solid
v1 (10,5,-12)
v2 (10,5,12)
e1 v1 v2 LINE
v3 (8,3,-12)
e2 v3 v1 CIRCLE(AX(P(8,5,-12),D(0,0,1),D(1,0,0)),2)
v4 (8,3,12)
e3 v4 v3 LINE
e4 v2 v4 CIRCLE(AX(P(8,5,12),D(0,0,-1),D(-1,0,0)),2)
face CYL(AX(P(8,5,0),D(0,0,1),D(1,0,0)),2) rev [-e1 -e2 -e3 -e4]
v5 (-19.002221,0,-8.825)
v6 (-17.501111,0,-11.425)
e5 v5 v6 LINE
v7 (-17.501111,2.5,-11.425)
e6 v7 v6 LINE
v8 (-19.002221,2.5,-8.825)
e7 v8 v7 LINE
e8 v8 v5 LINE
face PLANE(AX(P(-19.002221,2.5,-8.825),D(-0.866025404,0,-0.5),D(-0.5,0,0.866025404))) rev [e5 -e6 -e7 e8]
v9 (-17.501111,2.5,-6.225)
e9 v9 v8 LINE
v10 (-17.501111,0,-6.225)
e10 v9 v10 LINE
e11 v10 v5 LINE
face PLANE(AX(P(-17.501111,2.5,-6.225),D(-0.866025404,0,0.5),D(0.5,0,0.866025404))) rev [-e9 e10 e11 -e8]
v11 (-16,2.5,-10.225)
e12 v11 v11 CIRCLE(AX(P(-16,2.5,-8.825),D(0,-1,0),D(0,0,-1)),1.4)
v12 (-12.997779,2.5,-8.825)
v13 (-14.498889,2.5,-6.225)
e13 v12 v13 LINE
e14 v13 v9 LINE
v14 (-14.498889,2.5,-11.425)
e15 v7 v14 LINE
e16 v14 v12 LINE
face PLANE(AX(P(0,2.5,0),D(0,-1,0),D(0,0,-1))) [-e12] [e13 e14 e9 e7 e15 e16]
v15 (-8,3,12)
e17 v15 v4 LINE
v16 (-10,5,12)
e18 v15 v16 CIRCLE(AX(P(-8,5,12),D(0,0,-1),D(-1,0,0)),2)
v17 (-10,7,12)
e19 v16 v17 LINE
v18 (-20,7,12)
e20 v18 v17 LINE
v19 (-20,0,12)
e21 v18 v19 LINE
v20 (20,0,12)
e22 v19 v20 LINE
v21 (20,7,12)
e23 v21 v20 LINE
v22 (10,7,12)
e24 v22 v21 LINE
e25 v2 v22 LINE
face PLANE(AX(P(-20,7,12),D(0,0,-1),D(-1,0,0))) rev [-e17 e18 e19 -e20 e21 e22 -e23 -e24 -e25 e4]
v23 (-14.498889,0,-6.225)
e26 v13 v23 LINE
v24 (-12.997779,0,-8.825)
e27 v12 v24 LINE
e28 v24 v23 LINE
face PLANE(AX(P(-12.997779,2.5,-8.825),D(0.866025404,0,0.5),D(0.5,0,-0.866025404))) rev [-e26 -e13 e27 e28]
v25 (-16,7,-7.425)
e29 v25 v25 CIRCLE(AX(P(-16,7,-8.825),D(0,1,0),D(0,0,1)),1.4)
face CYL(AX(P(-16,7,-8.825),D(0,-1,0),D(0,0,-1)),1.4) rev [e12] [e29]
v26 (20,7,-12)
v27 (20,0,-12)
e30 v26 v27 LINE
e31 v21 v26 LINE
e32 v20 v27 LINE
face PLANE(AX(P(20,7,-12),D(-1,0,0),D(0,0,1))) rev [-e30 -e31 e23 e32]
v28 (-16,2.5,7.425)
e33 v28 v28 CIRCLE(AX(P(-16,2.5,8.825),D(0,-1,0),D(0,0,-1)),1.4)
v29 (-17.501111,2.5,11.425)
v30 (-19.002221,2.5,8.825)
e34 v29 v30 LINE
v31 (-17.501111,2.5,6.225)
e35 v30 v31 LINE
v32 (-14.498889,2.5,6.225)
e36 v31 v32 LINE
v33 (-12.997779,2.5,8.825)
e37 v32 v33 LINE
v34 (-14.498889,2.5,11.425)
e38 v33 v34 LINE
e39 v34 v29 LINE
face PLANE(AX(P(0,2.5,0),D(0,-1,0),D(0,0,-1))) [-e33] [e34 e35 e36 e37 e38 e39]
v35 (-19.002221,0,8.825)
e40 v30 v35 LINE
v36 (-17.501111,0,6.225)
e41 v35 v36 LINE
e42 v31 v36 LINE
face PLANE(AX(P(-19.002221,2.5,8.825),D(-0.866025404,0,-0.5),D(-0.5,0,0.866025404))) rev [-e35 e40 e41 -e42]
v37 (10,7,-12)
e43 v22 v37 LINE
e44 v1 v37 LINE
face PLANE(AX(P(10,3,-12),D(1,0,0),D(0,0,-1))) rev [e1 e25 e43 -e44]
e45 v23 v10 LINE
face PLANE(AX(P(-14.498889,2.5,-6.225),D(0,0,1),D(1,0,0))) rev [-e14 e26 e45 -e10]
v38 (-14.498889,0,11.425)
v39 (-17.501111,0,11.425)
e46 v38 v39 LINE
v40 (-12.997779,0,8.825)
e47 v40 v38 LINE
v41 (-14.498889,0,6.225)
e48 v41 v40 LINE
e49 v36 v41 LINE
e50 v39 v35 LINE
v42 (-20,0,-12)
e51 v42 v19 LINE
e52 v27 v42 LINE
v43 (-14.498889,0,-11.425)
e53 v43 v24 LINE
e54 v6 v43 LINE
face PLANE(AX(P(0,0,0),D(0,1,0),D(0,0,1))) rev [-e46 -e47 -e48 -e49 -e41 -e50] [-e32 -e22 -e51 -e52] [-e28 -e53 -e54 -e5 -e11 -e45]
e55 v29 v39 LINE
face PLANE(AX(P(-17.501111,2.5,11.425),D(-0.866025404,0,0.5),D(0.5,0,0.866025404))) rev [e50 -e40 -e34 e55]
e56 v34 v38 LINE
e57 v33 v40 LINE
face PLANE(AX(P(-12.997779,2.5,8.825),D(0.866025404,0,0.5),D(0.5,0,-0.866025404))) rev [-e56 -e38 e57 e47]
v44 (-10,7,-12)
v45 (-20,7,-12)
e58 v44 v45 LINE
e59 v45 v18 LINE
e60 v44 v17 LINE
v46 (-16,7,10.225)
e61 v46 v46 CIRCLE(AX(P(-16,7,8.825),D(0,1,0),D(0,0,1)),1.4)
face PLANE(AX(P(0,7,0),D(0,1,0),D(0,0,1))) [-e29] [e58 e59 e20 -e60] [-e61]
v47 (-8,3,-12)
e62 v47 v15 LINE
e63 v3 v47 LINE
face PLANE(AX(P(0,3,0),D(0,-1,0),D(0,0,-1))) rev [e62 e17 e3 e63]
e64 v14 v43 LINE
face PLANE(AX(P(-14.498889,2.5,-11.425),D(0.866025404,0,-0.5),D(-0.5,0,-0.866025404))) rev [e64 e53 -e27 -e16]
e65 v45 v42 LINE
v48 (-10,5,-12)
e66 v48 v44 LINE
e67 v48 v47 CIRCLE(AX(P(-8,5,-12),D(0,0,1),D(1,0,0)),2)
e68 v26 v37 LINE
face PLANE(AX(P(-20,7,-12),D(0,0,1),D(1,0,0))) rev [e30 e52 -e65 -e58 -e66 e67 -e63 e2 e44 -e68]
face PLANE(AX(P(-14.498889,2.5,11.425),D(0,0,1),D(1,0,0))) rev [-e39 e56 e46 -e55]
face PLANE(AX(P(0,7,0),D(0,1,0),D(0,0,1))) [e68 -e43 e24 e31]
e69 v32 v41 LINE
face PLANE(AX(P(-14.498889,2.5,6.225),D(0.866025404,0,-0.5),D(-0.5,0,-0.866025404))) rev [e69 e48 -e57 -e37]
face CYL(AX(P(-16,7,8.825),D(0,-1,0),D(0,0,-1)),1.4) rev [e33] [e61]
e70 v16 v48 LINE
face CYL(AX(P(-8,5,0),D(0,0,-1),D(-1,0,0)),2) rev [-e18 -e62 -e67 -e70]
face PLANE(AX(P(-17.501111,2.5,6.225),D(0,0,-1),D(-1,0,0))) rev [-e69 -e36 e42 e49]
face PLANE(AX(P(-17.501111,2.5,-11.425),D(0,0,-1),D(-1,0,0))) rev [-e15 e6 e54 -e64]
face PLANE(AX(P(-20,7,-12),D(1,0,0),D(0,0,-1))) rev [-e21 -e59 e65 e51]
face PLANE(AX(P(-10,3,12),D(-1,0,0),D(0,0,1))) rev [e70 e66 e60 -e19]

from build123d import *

# Parameters (mm, degrees)
SKETCH1_W           = 40
SKETCH1_H           = 24
SKETCH1_R           = 1.4
BOSS_EXTRUDE1_DEPTH = 7
SKETCH2_W           = 20
SKETCH2_H           = 24
CUT_EXTRUDE1_DEPTH  = 4
FILLET1_R           = 2
CUT_EXTRUDE2_DEPTH  = 2.5


with BuildPart() as part:
    # Sketch1 → Boss-Extrude1 (new body)
    with BuildSketch(Plane(origin=(0, 0, 0), x_dir=(1, 0, 0), z_dir=(0, 1, 0))):
        Rectangle(SKETCH1_W, SKETCH1_H)
        with Locations(Location((-16, 8.825, 0), (0, 0, 270))):
            Circle(SKETCH1_R, mode=Mode.SUBTRACT)
        with Locations(Location((-16, -8.825, 0), (0, 0, 270))):
            Circle(SKETCH1_R, mode=Mode.SUBTRACT)
    extrude(amount=BOSS_EXTRUDE1_DEPTH)

    # Sketch2 → Cut-Extrude1 (cut)
    with BuildSketch(Plane(origin=(0, 7, 0), x_dir=(1, 0, 0), z_dir=(0, 1, 0))):
        Rectangle(SKETCH2_W, SKETCH2_H)
    extrude(amount=-CUT_EXTRUDE1_DEPTH, mode=Mode.SUBTRACT)

    # Fillet1
    fillet1_edges = [part.edges().sort_by_distance(p)[0] for p in [
        (-10, 3, 0),
        (10, 3, 0),
    ]]
    fillet(fillet1_edges, radius=FILLET1_R)

    # Sketch3 → Cut-Extrude2 (cut)
    with BuildSketch(Plane.XZ):
        Polygon((-14.4988893, 6.225), (-12.9977786, 8.825), (-14.4988893, 11.425), (-17.5011107, 11.425), (-19.0022214, 8.825), (-17.5011107, 6.225), align=None)
        Polygon((-14.4988893, -11.425), (-12.9977786, -8.825), (-14.4988893, -6.225), (-17.5011107, -6.225), (-19.0022214, -8.825), (-17.5011107, -11.425), align=None)
    extrude(amount=-CUT_EXTRUDE2_DEPTH, mode=Mode.SUBTRACT)


solid = part.part
